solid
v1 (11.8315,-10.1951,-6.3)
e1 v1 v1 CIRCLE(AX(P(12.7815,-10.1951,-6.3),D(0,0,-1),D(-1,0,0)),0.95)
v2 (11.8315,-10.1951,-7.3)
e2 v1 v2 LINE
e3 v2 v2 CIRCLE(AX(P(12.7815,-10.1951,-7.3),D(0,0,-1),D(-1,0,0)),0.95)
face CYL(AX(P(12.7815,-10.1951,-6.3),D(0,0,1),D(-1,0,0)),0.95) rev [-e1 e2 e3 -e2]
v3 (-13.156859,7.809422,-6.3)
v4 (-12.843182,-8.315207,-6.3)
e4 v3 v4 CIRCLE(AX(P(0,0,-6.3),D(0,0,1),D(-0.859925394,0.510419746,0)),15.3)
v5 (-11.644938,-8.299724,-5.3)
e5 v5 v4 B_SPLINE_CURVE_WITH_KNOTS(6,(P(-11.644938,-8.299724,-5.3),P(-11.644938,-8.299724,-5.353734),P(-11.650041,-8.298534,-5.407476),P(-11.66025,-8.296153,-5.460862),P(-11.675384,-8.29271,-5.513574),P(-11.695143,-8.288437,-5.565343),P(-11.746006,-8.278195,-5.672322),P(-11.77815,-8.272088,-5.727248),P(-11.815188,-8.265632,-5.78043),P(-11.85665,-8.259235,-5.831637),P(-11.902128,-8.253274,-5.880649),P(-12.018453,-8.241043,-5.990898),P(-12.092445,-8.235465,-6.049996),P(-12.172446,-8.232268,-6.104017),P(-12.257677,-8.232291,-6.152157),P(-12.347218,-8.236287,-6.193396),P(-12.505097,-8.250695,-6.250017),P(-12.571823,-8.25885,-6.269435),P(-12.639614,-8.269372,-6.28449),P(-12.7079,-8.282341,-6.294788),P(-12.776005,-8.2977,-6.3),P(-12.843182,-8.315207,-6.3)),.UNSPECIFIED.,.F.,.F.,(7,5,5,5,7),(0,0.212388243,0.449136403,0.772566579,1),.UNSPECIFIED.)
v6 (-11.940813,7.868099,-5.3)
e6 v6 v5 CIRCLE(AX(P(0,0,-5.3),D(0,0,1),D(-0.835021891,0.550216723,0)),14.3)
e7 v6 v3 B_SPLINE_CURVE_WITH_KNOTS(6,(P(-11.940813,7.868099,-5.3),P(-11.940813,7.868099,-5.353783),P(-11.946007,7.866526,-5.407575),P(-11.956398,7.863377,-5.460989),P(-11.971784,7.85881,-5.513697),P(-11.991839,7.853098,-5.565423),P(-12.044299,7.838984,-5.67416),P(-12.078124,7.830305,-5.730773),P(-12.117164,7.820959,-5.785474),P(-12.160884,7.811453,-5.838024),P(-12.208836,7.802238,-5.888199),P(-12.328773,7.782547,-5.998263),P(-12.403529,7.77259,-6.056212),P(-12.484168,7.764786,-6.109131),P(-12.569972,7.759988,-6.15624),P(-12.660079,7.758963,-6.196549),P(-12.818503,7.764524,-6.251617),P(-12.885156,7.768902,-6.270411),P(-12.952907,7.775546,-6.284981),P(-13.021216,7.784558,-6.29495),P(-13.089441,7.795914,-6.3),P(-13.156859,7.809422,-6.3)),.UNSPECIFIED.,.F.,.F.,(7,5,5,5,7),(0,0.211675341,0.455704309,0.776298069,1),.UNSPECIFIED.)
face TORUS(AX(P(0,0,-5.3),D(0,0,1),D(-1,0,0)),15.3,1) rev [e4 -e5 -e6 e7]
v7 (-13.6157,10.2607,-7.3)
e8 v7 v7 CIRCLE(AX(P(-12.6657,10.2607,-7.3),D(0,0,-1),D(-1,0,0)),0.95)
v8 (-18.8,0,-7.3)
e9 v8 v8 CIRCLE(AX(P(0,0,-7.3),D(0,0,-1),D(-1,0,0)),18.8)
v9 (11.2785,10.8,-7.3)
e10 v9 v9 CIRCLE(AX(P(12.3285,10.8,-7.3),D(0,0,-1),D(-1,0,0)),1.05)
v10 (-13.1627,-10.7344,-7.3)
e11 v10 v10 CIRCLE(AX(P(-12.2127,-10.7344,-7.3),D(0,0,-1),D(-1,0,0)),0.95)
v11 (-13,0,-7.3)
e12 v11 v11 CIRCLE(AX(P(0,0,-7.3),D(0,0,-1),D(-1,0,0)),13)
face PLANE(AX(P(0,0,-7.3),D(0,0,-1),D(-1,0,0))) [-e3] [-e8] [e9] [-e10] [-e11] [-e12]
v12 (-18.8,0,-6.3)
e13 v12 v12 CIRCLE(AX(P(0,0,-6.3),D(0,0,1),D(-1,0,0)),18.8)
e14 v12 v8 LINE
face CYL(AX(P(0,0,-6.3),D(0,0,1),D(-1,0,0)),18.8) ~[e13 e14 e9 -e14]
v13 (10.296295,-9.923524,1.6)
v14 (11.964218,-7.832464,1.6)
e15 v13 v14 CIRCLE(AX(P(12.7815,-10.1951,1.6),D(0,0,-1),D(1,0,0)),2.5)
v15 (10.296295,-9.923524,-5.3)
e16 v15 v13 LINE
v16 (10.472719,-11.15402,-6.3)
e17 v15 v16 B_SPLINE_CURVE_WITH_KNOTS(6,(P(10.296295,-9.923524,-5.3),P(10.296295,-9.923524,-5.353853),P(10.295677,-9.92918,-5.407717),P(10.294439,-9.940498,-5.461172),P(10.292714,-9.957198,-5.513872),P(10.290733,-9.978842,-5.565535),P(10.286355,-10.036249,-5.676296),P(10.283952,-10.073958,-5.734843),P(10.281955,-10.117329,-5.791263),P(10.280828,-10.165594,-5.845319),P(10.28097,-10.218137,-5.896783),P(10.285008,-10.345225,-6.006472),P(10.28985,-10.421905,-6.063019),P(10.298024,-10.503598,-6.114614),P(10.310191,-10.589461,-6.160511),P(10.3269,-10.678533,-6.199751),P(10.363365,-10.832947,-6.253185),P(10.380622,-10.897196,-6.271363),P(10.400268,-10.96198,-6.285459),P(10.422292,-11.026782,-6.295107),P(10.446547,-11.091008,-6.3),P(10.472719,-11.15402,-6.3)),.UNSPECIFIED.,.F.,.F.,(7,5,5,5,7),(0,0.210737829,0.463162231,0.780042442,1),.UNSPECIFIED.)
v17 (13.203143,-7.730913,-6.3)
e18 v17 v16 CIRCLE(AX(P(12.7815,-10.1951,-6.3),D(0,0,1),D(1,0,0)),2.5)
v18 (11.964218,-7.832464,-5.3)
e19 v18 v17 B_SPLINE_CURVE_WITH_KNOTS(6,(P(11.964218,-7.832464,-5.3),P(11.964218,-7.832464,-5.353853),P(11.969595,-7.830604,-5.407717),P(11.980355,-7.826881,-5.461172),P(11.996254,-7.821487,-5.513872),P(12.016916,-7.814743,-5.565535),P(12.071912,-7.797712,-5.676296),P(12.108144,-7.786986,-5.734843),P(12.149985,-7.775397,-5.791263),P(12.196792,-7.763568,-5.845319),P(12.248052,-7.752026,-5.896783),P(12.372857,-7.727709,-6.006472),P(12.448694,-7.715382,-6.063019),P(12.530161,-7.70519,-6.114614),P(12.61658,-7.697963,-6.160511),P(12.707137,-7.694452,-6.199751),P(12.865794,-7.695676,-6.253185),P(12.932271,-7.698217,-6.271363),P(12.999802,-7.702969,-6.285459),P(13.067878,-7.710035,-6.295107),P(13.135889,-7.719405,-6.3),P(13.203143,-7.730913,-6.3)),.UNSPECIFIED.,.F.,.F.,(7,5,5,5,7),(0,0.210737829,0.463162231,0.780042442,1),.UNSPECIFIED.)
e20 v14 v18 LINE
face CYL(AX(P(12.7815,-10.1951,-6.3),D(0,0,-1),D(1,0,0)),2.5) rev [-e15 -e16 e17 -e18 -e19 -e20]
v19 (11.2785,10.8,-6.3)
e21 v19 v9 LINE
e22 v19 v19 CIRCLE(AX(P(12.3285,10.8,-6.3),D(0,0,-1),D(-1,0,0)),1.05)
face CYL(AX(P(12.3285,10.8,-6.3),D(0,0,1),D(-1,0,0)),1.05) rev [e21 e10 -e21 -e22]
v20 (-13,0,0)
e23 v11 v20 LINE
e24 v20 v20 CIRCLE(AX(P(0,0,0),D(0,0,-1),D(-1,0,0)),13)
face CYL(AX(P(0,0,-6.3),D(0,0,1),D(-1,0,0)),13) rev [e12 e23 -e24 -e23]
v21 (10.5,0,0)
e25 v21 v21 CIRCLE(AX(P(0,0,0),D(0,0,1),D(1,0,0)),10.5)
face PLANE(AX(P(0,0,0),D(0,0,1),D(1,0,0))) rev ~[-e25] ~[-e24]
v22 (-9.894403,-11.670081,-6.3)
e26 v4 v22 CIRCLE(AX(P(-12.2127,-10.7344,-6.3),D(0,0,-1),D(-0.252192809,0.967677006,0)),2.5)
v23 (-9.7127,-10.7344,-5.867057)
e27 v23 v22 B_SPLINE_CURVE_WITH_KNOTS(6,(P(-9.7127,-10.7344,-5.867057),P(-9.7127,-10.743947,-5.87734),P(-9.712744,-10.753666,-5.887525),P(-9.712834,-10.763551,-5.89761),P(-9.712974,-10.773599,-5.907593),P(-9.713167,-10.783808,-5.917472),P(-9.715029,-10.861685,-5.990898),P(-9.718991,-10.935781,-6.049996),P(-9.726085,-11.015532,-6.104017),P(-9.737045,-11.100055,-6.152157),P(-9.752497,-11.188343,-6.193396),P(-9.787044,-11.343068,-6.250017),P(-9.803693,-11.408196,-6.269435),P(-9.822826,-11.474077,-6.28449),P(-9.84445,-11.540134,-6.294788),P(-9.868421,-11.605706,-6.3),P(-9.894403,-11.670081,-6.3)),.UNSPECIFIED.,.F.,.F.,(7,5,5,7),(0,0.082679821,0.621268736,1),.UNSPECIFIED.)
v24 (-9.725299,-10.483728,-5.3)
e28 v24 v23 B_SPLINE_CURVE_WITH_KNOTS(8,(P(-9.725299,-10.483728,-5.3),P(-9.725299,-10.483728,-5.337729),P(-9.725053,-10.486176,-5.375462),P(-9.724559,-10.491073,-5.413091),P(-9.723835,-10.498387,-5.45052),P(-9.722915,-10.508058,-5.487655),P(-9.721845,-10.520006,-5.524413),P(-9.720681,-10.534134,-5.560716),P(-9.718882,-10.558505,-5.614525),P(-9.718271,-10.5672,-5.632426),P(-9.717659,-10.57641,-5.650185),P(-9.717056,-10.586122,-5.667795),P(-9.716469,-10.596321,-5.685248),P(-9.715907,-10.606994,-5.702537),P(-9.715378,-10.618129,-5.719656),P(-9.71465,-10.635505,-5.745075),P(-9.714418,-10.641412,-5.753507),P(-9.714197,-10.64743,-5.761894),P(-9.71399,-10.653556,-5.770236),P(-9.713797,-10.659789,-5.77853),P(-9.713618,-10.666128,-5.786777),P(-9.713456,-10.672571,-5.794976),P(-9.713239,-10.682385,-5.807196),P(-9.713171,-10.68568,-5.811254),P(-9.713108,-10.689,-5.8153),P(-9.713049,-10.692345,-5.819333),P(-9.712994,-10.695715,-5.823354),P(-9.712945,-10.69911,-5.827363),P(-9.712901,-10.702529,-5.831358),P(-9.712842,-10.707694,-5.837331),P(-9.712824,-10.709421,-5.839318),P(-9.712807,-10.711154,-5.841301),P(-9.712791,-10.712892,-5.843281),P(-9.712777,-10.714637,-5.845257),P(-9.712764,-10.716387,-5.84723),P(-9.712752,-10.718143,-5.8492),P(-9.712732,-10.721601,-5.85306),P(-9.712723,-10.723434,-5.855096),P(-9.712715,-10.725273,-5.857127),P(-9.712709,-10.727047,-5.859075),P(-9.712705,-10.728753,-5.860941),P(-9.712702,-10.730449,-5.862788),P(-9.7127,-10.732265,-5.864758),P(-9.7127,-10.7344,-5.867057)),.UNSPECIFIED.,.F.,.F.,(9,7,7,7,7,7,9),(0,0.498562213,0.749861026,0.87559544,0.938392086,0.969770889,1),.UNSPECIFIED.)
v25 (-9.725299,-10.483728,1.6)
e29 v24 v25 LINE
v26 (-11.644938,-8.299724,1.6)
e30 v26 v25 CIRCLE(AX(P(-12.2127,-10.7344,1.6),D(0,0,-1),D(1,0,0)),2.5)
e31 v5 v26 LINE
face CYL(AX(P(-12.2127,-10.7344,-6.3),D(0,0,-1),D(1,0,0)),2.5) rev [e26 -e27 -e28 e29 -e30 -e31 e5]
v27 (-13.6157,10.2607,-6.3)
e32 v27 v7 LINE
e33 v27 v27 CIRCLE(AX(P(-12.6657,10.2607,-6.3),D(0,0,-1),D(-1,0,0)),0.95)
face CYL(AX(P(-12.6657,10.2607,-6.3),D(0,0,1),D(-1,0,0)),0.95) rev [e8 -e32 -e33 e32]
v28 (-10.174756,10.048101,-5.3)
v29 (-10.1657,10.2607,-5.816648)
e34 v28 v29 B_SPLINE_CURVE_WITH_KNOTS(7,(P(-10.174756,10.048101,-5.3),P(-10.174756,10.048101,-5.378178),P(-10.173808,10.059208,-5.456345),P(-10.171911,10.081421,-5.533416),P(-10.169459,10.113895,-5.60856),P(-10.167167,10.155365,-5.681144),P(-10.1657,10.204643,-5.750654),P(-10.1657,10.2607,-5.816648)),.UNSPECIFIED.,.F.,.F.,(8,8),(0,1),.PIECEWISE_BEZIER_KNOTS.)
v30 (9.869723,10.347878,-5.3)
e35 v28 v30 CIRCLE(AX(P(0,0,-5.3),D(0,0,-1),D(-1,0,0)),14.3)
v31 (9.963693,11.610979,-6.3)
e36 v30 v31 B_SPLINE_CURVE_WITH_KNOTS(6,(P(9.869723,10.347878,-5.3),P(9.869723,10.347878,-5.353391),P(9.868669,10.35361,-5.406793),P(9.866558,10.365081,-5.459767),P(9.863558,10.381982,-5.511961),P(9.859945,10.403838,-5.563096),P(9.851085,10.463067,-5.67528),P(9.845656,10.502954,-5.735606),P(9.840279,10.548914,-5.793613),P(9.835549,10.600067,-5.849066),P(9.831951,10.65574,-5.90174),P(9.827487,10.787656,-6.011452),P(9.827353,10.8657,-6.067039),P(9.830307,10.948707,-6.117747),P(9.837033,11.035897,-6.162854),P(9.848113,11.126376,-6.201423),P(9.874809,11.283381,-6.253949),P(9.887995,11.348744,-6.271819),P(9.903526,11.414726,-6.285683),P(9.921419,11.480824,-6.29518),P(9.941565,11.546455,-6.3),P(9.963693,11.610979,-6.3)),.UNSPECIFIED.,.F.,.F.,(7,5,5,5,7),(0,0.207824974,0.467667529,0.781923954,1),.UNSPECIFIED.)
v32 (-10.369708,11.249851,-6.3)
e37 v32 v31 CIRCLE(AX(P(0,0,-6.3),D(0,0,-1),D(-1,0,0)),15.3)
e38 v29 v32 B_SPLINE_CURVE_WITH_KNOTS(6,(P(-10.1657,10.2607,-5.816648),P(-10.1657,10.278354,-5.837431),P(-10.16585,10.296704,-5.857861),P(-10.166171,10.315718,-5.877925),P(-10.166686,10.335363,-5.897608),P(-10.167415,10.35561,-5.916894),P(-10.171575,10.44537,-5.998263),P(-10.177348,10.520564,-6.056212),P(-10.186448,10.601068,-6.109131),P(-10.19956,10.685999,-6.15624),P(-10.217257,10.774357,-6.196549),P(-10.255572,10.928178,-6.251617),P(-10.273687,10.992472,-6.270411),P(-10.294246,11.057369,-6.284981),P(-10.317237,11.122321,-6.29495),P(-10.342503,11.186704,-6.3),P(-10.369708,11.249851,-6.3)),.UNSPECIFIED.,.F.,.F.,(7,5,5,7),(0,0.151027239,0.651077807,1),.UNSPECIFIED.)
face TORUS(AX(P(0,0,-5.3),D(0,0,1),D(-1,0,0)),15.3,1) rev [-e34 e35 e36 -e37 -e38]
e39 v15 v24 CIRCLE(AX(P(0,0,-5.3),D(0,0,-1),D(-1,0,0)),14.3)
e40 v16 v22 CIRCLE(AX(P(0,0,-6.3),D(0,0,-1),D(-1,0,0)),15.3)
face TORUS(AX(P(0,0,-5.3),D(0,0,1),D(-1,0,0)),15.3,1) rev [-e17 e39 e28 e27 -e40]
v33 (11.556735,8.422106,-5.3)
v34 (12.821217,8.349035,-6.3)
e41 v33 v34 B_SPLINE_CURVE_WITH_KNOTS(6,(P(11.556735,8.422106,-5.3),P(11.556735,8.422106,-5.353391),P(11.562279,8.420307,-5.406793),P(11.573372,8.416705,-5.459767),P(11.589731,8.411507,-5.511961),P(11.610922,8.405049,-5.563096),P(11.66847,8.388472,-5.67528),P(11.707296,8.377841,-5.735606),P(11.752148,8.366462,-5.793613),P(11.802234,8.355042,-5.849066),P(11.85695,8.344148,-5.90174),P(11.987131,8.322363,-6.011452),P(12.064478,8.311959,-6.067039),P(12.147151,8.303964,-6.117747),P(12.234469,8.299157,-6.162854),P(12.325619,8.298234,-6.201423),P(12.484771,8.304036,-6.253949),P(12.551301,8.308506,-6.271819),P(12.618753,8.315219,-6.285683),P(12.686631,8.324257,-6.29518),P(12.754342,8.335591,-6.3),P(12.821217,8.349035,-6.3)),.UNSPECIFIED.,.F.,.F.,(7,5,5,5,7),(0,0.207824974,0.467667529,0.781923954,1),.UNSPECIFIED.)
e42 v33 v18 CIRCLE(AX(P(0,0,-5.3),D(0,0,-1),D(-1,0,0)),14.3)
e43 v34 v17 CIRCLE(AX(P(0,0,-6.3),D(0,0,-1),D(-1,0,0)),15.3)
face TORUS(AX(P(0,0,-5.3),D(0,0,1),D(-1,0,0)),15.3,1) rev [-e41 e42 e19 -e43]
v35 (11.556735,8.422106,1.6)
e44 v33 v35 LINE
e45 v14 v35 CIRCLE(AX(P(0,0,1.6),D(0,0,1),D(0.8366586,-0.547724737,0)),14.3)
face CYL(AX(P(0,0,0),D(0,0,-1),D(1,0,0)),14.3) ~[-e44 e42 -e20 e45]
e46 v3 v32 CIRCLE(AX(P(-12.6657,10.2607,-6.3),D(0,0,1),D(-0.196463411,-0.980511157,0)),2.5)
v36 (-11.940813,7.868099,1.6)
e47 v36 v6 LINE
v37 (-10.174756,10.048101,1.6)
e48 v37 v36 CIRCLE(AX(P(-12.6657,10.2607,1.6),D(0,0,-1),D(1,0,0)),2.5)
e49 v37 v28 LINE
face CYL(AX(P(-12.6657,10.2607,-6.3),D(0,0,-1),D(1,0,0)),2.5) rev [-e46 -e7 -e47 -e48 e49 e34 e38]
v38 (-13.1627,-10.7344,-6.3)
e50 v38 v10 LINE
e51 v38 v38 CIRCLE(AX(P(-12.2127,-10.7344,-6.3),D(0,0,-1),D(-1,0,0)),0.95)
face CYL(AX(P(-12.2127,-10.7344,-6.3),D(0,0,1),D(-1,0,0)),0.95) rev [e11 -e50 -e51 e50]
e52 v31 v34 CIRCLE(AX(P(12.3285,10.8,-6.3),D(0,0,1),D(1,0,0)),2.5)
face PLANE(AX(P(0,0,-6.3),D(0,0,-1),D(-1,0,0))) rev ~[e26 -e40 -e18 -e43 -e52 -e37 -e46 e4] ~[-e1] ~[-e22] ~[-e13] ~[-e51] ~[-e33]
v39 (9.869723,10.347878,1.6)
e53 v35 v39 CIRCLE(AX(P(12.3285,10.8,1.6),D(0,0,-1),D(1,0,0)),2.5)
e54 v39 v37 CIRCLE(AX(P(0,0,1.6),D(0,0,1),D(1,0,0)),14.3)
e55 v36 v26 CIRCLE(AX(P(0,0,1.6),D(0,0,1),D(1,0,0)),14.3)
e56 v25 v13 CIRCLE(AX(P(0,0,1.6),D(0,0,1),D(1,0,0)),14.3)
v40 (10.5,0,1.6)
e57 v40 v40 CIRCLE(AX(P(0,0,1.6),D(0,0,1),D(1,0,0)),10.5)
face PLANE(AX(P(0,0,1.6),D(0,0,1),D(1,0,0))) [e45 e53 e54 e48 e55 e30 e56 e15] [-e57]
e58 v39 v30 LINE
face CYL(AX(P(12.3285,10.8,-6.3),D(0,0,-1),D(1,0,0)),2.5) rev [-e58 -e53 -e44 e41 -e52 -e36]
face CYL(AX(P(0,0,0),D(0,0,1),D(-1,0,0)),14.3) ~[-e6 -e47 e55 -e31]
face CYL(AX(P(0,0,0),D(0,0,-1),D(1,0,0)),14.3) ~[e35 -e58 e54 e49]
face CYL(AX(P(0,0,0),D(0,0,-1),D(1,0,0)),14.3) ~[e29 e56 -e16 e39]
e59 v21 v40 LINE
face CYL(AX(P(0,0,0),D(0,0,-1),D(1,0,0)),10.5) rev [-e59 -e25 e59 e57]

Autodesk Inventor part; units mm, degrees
ref_plane "YZ Plane" through (0, 0, 0) normal (1, 0, 0) x (0, 1, 0)
ref_plane "XZ Plane" through (0, 0, 0) normal (0, 1, 0) x (-1, 0, 0)
sketch "Sketch1" plane through (0, 0, 0) normal (0, 0, 1) x (1, 0, 0)
  circle A0 centre (0, 0) radius 12.7 projected
  circle A1 centre (0, 0) radius 10.5 projected
  circle A2 centre (0, 0) radius 14.3
  dimension "d0" = 1.6
extrude "Extrusion1" add sketch "Sketch1" along normal blind 1.6 contours A0 | A2
sketch "Sketch2" plane through (0, 0, 0) normal (0, 0, -1) x (-1, 0, 0)
  circle A0 centre (0, 0) radius 12.7 projected
  circle A1 centre (0, 0) radius 14.3 projected
  circle A2 centre (0, 0) radius 13
  dimension "d3" = 0.3
extrude "Extrusion2" add sketch "Sketch2" along normal blind 6.3 contours A1
sketch "Sketch3" plane through (0, 0, -6.3) normal (0, 0, -1) x (-1, 0, 0)
  circle A0 centre (0, 0) radius 14.3 projected
  circle A1 centre (19.8743, -0.3764) radius 0.95 projected
  circle A2 centre (12.6657, 10.2607) radius 0.95 projected
  circle A3 centre (-12.3285, 10.8) radius 1.05 projected
  circle A4 centre (-20.1164, 0.4865) radius 0.95 projected
  circle A5 centre (-12.7815, -10.1951) radius 0.95 projected
  circle A6 centre (12.2127, -10.7344) radius 0.95 projected
  circle A7 centre (0, 0) radius 18.8
  circle A8 centre (0, 0) radius 13 projected
  dimension "d6" = 4.5
ref_plane "Work Plane1" through (-47.7309, -37.9502, -7.3) normal (0, 0, 1) x (0.9998, 0.0216, 0)
extrude "Extrusion3" add sketch "Sketch3" along normal up to surface (1 mm away) contours A0 | A7
fillet "Fillet1" radius 1 1 edges at (14.3, 0, -6.3)
sketch "Sketch4" plane through (0, 0, -6.3) normal (0, 0, 1) x (1, 0, 0)
  circle A0 centre (-12.2127, -10.7344) radius 0.95 projected
  circle A1 centre (-12.2127, -10.7344) radius 2.5
  circle A2 centre (12.7815, -10.1951) radius 0.95 projected
  circle A3 centre (12.7815, -10.1951) radius 2.5
  circle A4 centre (12.3285, 10.8) radius 1.05 projected
  circle A5 centre (12.3285, 10.8) radius 2.5
  circle A6 centre (-12.6657, 10.2607) radius 0.95 projected
  circle A7 centre (-12.6657, 10.2607) radius 2.5
  circle A8 centre (-12.2127, -10.7344) radius 0.95
  point P0 (0, 0)
  point P1 (-11.31, -10.3041)
  point P2 (-11.6701, -9.8944)
  dimension "d10" = 5
  dimension "d11" = 5
  dimension "d12" = 5
  dimension "d13" = 5
extrude "Extrusion4" cut sketch "Sketch4" along normal blind 8.05
properties part number "FilterHolder"
